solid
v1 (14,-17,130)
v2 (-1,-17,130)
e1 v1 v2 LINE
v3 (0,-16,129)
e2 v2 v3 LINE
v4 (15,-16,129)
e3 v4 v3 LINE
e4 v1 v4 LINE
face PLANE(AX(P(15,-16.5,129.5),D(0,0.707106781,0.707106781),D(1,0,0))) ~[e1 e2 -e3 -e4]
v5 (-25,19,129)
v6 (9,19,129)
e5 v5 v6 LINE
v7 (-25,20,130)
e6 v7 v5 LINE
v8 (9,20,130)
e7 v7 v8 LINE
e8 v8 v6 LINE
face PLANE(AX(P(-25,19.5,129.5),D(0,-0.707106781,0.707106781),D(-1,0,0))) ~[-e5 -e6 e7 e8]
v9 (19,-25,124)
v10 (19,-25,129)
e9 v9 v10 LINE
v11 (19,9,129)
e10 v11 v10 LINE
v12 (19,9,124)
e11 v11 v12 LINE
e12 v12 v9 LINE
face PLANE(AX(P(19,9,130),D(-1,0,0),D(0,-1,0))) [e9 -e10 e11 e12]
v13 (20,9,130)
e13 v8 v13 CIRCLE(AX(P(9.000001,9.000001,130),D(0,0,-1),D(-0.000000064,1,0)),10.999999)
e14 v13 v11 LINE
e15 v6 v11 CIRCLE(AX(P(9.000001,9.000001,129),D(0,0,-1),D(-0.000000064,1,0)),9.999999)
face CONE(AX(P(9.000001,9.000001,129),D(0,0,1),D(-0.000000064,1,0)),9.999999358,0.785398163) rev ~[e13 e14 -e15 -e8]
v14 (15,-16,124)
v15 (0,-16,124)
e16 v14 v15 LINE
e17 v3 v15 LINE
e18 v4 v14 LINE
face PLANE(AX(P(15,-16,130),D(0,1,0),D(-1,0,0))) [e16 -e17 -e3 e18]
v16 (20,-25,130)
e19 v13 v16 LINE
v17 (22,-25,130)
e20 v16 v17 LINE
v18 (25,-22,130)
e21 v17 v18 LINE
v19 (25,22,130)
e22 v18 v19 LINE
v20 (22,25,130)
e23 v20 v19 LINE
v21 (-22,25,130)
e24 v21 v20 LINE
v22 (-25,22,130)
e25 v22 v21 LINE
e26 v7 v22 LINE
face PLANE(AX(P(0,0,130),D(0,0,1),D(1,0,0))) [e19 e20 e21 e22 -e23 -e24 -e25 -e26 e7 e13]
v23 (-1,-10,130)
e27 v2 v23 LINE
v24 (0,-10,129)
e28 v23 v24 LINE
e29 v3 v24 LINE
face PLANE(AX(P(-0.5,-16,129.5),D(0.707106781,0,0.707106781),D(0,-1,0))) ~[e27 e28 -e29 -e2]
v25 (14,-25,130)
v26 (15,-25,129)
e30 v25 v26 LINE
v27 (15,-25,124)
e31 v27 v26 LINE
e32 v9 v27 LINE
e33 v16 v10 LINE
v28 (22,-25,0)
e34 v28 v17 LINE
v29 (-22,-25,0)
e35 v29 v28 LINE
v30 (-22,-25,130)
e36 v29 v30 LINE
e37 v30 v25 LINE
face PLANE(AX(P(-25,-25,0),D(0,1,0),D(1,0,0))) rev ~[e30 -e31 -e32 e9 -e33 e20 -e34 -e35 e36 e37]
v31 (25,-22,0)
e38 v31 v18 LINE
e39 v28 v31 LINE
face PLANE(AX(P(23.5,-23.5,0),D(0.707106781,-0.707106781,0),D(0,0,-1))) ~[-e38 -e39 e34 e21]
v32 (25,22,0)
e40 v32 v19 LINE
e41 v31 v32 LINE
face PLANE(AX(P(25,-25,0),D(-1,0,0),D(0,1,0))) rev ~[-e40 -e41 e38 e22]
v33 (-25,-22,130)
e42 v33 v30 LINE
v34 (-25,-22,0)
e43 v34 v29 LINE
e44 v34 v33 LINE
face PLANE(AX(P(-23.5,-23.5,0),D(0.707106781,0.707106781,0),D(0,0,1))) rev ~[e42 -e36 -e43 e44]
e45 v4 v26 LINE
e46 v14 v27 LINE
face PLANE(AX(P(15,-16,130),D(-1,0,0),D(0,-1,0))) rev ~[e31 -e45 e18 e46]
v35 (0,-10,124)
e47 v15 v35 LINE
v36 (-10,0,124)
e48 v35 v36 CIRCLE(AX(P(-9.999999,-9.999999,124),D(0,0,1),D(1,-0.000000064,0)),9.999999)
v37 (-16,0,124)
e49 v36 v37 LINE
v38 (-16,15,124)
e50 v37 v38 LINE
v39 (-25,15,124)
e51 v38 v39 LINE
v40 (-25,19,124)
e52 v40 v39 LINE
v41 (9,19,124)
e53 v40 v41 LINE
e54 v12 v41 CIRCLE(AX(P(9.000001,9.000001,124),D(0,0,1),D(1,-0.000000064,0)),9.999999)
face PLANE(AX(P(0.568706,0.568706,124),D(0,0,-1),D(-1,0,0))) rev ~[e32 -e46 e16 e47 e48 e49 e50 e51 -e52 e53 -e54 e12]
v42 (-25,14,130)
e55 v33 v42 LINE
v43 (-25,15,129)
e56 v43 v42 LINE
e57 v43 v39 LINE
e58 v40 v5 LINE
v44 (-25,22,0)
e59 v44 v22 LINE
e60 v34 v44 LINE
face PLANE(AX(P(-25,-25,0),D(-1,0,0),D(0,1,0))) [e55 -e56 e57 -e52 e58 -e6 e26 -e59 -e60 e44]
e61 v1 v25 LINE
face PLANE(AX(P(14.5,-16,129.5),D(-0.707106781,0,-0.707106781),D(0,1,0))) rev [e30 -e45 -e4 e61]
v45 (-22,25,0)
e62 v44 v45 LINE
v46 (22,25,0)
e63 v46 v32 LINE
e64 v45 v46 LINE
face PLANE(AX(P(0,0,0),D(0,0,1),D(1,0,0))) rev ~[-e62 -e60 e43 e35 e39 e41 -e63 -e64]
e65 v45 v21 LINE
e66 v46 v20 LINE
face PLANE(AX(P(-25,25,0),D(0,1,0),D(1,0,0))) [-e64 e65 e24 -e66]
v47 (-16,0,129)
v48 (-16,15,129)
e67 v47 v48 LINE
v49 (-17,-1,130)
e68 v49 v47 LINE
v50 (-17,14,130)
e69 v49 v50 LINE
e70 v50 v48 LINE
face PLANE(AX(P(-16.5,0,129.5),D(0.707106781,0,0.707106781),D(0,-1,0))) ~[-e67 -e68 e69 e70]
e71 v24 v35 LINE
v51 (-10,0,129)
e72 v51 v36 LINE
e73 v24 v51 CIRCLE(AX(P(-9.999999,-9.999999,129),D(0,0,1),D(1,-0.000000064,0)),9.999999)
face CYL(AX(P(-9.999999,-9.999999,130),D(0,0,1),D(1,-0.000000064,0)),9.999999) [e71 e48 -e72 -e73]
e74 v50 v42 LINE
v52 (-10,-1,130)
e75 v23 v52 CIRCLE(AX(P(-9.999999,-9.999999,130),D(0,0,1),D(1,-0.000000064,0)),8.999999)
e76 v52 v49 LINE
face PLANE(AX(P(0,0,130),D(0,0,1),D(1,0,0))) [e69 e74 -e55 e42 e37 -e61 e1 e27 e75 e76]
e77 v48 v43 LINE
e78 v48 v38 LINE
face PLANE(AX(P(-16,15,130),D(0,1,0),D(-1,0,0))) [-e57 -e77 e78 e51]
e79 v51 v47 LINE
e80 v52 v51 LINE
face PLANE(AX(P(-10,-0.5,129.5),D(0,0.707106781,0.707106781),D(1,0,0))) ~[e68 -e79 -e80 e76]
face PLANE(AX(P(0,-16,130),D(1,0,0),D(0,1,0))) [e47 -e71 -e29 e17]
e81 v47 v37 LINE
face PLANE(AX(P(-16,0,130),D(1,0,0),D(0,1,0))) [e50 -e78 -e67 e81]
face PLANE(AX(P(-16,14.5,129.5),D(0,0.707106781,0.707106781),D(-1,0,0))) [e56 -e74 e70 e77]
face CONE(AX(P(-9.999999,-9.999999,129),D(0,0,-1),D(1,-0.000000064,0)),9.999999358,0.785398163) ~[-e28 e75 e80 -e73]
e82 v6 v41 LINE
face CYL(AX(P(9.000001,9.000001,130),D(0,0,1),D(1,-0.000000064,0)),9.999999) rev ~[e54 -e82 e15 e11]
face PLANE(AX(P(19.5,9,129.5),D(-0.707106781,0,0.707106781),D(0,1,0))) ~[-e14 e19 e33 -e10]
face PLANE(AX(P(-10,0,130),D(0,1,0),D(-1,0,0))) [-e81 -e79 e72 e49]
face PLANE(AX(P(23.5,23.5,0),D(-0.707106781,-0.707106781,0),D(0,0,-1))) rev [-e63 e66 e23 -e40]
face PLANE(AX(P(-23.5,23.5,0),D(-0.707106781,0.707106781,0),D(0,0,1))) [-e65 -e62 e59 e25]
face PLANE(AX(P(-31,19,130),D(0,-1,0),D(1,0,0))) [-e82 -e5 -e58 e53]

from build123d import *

# Parameters (mm, degrees)
SKETCH029_W     = 50
SKETCH029_H     = 50
PAD017_DEPTH    = 130
POCKET007_DEPTH = 6
CHAMFER006_SIZE = 1
CHAMFER007_SIZE = 3


with BuildPart() as part:
    # Sketch029 → Pad017 (new body)
    with BuildSketch(Plane.XY):
        Rectangle(SKETCH029_W, SKETCH029_H)
    extrude(amount=PAD017_DEPTH)

    # Sketch030 (on DatumPlane) → Pocket007 (cut)
    with BuildSketch(Plane.XY.offset(130)):
        with BuildLine():
            Line((-31, 19), (9, 19))
            ThreePointArc((19, 9), (16.071068, 16.071068), (9, 19))
            Line((19, 9), (19, -31))
            Line((15, -31), (19, -31))
            Line((15, -16), (15, -31))
            Line((15, -16), (0, -16))
            Line((0, -16), (0, -10))
            ThreePointArc((0, -10), (-2.928932, -2.928932), (-10, 0))
            Line((-10, 0), (-16, 0))
            Line((-16, 0), (-16, 15))
            Line((-16, 15), (-31, 15))
            Line((-31, 15), (-31, 19))
        make_face()
    extrude(amount=-POCKET007_DEPTH, mode=Mode.SUBTRACT)

    # Chamfer006
    chamfer006_edges = [part.edges().sort_by_distance(p)[0] for p in [
        (19, -8, 130),
        (-16, 7.5, 130),
        (-13, 0, 130),
        (7.5, -16, 130),
        (15, -20.5, 130),
        (-20.5, 15, 130),
    ]]
    chamfer(chamfer006_edges, length=CHAMFER006_SIZE)

    # Chamfer007
    chamfer007_edges = [part.edges().sort_by_distance(p)[0] for p in [
        (25, -25, 65),
        (-25, -25, 65),
        (25, 25, 65),
        (-25, 25, 65),
    ]]
    chamfer(chamfer007_edges, length=CHAMFER007_SIZE)


solid = part.part
